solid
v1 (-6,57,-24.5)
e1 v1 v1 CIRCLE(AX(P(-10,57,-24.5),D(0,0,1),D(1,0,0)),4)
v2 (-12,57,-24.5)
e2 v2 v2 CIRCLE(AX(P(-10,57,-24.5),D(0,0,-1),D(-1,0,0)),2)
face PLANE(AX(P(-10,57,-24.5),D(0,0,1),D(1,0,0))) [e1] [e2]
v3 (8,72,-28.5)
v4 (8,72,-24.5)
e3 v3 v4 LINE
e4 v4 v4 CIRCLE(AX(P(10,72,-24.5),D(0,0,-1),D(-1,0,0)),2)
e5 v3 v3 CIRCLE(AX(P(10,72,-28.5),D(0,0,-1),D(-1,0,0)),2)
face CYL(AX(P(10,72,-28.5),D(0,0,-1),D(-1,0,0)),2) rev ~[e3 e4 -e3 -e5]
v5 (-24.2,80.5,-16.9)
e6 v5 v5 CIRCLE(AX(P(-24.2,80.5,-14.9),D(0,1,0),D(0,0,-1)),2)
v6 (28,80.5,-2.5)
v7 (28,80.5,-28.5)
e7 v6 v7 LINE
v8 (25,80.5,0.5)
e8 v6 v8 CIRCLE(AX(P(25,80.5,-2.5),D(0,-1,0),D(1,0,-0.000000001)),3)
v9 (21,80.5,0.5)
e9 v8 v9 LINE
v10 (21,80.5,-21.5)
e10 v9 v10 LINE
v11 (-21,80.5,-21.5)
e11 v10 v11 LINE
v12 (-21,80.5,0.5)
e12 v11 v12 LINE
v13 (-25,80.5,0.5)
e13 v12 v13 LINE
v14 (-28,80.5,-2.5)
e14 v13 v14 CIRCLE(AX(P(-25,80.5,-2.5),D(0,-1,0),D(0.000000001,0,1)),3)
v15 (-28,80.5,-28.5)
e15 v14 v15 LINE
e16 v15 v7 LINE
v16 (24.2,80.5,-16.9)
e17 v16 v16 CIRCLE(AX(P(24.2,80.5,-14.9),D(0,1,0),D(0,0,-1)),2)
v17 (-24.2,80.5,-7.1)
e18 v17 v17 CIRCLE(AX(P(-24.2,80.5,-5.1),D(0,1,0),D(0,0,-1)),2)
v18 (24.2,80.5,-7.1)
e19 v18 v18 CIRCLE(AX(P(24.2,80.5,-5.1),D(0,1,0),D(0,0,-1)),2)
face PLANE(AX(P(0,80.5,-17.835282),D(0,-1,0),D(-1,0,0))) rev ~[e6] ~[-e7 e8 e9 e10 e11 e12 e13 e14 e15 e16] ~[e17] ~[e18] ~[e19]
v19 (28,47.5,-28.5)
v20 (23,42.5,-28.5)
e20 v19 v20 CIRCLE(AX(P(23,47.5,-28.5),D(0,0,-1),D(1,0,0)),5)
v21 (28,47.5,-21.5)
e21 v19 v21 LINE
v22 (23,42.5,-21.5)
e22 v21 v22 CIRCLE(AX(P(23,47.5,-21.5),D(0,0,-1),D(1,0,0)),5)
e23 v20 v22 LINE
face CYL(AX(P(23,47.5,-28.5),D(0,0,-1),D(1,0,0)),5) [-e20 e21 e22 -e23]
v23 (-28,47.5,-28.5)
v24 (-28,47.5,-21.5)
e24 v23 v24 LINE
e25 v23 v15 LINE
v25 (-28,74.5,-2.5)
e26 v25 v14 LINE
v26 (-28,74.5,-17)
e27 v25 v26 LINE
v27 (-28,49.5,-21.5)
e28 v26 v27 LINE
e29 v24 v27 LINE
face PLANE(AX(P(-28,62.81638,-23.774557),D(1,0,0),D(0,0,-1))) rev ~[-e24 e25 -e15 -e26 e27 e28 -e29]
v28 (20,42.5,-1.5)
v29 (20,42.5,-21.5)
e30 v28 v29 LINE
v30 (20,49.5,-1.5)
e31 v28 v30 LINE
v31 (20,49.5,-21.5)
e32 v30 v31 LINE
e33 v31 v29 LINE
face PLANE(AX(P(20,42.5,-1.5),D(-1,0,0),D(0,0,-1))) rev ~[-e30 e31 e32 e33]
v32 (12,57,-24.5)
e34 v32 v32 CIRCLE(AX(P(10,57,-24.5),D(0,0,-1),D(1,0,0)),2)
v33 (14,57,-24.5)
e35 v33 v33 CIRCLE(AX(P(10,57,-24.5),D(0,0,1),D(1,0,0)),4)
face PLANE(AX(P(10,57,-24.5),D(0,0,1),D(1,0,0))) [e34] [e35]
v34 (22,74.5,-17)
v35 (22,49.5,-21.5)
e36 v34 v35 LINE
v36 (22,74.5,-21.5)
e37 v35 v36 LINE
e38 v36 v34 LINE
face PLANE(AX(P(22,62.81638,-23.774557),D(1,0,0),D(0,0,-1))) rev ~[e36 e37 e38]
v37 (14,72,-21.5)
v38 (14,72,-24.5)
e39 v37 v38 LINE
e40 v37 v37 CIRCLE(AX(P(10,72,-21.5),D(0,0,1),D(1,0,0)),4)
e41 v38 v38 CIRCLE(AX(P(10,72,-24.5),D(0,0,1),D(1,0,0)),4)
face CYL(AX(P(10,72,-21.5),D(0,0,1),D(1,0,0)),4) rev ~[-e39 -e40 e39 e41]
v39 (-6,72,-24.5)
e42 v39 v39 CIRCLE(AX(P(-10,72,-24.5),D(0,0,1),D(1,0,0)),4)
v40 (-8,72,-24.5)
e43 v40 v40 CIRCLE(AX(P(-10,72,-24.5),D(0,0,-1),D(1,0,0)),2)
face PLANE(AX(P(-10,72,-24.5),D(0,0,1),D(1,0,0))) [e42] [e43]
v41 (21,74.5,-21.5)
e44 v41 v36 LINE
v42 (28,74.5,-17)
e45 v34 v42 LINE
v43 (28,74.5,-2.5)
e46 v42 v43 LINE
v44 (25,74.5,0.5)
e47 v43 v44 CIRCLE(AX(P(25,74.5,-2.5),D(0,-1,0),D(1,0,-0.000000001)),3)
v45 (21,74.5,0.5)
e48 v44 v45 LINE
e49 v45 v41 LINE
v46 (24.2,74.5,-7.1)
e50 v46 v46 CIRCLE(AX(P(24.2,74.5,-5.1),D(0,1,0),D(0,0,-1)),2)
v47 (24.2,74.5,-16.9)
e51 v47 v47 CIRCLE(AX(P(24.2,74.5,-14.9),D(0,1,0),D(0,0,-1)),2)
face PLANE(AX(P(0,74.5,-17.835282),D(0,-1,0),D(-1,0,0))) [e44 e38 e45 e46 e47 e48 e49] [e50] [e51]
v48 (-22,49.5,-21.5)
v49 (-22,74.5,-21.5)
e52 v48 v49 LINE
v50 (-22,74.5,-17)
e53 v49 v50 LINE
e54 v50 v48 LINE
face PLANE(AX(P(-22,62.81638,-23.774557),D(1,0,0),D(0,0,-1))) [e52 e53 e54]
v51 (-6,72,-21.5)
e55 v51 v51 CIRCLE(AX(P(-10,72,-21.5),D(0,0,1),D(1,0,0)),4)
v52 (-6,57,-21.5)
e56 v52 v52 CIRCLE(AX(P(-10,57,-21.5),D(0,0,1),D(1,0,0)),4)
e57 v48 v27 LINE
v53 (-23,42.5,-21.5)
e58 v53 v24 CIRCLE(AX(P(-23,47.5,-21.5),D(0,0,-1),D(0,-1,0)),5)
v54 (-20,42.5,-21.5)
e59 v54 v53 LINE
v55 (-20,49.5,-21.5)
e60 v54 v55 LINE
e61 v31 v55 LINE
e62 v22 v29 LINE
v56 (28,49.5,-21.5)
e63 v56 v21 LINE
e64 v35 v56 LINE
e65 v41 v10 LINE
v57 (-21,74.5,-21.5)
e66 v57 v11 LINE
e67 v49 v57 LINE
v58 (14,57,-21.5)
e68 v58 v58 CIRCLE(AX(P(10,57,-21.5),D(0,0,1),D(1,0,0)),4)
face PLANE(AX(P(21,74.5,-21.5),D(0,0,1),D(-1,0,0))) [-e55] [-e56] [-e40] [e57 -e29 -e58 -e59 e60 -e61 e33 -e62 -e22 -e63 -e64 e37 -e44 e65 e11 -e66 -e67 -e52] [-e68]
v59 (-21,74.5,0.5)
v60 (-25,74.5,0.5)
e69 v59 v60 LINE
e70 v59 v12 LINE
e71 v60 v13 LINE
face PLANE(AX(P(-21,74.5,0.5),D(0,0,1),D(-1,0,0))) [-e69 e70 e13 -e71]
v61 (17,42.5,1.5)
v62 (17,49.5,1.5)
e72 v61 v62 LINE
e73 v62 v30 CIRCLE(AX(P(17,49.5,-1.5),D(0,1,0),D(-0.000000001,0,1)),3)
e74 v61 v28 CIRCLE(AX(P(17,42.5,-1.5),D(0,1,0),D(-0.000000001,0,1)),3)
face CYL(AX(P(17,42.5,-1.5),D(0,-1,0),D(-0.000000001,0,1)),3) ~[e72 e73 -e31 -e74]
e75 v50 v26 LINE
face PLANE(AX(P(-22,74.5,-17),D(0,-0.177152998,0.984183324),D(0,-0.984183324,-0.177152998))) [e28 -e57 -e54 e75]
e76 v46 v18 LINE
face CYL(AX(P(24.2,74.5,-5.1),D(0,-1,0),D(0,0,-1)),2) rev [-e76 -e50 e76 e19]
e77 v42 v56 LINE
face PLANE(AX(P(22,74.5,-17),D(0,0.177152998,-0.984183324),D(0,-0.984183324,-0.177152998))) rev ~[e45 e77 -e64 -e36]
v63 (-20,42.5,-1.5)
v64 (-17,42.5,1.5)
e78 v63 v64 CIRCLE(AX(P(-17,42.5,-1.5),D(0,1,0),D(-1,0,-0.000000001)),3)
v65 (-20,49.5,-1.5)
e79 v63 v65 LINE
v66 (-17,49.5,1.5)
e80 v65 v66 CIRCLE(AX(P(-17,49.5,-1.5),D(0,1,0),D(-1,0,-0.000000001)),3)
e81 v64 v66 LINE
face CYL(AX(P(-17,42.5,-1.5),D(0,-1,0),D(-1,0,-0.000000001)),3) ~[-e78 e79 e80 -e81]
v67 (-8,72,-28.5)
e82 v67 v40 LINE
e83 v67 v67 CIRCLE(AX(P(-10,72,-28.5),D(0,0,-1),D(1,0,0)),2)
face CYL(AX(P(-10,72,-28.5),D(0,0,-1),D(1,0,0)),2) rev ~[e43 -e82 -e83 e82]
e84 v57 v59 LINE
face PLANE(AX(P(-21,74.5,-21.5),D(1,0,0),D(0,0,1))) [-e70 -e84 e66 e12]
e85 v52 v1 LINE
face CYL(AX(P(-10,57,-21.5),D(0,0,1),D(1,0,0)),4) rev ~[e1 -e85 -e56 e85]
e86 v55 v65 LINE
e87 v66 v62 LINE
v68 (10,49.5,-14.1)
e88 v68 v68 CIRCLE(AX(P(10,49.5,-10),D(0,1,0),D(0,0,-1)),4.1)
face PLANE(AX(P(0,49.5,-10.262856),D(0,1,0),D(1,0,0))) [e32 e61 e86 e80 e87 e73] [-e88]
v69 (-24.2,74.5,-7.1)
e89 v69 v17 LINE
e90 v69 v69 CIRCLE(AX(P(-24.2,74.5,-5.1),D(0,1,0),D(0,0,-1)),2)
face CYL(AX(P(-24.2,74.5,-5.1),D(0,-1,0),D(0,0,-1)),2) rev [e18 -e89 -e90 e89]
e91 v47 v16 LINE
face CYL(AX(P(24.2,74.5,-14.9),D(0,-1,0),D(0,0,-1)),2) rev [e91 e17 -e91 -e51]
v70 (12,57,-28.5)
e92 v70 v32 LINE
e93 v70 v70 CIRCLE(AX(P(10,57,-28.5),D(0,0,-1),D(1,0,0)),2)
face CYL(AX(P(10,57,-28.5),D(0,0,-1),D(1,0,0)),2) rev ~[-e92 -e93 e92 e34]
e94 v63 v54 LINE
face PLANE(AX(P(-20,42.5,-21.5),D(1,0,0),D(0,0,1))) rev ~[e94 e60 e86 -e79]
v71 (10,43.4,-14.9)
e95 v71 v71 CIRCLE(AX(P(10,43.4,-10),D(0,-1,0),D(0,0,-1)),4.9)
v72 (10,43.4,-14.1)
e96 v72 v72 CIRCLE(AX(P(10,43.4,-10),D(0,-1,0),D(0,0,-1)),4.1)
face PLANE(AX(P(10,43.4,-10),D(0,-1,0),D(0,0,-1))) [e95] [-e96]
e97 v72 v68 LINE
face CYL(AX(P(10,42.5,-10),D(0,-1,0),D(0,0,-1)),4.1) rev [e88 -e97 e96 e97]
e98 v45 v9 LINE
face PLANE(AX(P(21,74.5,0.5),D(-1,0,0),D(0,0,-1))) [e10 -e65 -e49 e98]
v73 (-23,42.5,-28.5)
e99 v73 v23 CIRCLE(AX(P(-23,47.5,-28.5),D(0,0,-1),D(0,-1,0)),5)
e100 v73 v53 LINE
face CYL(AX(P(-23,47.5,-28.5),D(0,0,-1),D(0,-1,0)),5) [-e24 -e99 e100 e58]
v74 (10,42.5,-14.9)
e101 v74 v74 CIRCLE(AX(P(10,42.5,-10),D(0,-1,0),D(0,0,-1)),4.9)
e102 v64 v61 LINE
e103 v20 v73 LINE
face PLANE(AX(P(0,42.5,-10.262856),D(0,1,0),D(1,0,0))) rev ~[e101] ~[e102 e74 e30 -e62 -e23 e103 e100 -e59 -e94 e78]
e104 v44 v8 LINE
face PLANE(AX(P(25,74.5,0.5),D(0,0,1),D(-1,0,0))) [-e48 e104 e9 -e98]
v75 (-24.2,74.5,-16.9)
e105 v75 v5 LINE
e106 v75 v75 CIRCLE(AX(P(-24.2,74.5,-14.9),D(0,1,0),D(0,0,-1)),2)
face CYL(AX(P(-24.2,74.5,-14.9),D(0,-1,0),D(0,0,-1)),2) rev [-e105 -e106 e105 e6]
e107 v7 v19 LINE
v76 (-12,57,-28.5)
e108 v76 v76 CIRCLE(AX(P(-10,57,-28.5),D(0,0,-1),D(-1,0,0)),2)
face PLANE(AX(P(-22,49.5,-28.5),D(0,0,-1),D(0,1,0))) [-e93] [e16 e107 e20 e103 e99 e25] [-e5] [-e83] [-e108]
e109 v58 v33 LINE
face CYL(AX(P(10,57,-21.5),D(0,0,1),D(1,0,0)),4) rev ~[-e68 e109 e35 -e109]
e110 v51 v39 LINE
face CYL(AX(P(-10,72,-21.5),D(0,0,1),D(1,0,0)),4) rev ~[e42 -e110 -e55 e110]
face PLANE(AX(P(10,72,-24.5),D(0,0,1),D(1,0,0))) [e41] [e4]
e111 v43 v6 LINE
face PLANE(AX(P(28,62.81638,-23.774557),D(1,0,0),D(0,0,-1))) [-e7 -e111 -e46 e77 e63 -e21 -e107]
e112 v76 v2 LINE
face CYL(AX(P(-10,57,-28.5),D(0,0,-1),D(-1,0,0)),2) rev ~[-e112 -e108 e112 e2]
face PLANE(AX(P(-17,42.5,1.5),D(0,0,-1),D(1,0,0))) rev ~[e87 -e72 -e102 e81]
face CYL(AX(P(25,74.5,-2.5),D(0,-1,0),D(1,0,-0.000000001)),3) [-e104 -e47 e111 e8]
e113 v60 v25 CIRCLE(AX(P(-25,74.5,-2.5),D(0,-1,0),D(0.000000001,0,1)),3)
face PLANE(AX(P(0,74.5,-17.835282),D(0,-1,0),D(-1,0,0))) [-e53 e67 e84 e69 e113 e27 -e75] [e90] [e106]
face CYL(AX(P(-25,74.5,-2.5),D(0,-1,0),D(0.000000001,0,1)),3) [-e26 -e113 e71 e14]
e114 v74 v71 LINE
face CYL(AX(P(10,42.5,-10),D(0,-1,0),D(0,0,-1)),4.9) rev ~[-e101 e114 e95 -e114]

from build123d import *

# Parameters (mm, degrees)
EXTRUDE_START       = 74.5
SKETCH_4_R          = 2
EXTRUDE_1_DEPTH     = 6
SKETCH_5_W          = 40
SKETCH_5_H          = 32
SKETCH_5_R          = 2
EXTRUDE_2_DEPTH     = 7
CUT_EXTRUDE_START   = -21.5
SKETCH_6_R          = 4
CUT_EXTRUDE_1_DEPTH = 3
EXTRUDE_START_2     = 42.5
SKETCH_7_R          = 4.1
EXTRUDE_3_DEPTH     = 7
SKETCH_8_R          = 4.9
CUT_EXTRUDE_2_DEPTH = 0.9
EXTRUDE_START_3     = 2
EXTRUDE_4_DEPTH     = 6
EXTRUDE_5_DEPTH     = 6
SKETCH_13_W         = 30
SKETCH_13_H         = 25
EXTRUDE_6_DEPTH     = 7


with BuildPart() as part:
    # 草图4 → 凸台-拉伸1 (new body)
    with BuildSketch(Plane(origin=(0, 0, 0), x_dir=(1, 0, 0), z_dir=(0, 1, 0)).offset(EXTRUDE_START)):
        with BuildLine():
            Line((-28, 28.5), (28, 28.5))
            Line((28, 28.5), (28, 2.5))
            ThreePointArc((28, 2.5), (27.121320344, 0.378679656), (25, -0.5))
            Line((25, -0.5), (21, -0.5))
            Line((21, -0.5), (21, 21.5))
            Line((21, 21.5), (-21, 21.5))
            Line((-21, 21.5), (-21, -0.5))
            Line((-21, -0.5), (-25, -0.5))
            ThreePointArc((-25, -0.5), (-27.121320344, 0.378679656), (-28, 2.5))
            Line((-28, 2.5), (-28, 28.5))
        make_face()
        with Locations(Location((-24.2, 14.9, 0), (0, 0, 90))):
            Circle(SKETCH_4_R, mode=Mode.SUBTRACT)
        with Locations(Location((-24.2, 5.1, 0), (0, 0, 90))):
            Circle(SKETCH_4_R, mode=Mode.SUBTRACT)
        with Locations(Location((24.2, 14.9, 0), (0, 0, 90))):
            Circle(SKETCH_4_R, mode=Mode.SUBTRACT)
        with Locations(Location((24.2, 5.1, 0), (0, 0, 90))):
            Circle(SKETCH_4_R, mode=Mode.SUBTRACT)
    extrude(amount=EXTRUDE_1_DEPTH)

    # 草图5 → 凸台-拉伸2 (add)
    with BuildSketch(Plane(origin=(0, 0, -28.5), x_dir=(-1, 0, 0), z_dir=(0, 0, -1))):
        with Locations((0, 58.5)):
            Rectangle(SKETCH_5_W, SKETCH_5_H)
        with Locations((-10, 72)):
            Circle(SKETCH_5_R, mode=Mode.SUBTRACT)
        with Locations(Location((10, 72, 0), (0, 0, 180))):
            Circle(SKETCH_5_R, mode=Mode.SUBTRACT)
        with Locations((10, 57)):
            Circle(SKETCH_5_R, mode=Mode.SUBTRACT)
        with Locations(Location((-10, 57, 0), (0, 0, 180))):
            Circle(SKETCH_5_R, mode=Mode.SUBTRACT)
    extrude(amount=-EXTRUDE_2_DEPTH)

    # 草图6 → 切除-拉伸1 (cut)
    with BuildSketch(Plane.XY.offset(CUT_EXTRUDE_START)):
        with Locations((-10, 72)):
            Circle(SKETCH_6_R)
        with Locations((10, 72)):
            Circle(SKETCH_6_R)
        with Locations((-10, 57)):
            Circle(SKETCH_6_R)
        with Locations((10, 57)):
            Circle(SKETCH_6_R)
    extrude(amount=-CUT_EXTRUDE_1_DEPTH, mode=Mode.SUBTRACT)

    # 草图7 → 凸台-拉伸3 (add)
    with BuildSketch(Plane(origin=(0, 0, 0), x_dir=(1, 0, 0), z_dir=(0, 1, 0)).offset(EXTRUDE_START_2)):
        with BuildLine():
            Line((20, 21.5), (-20, 21.5))
            Line((-20, 21.5), (-20, 1.5))
            ThreePointArc((-20, 1.5), (-19.121320344, -0.621320344), (-17, -1.5))
            Line((-17, -1.5), (17, -1.5))
            ThreePointArc((17, -1.5), (19.121320344, -0.621320344), (20, 1.5))
            Line((20, 1.5), (20, 21.5))
        make_face()
        with Locations(Location((10, 10, 0), (0, 0, 90))):
            Circle(SKETCH_7_R, mode=Mode.SUBTRACT)
    extrude(amount=EXTRUDE_3_DEPTH)

    # 草图8 → 切除-拉伸2 (cut)
    with BuildSketch(Plane.XZ.offset(-42.5)):
        with Locations(Location((10, -10, 0), (0, 0, 270))):
            Circle(SKETCH_8_R)
    extrude(amount=-CUT_EXTRUDE_2_DEPTH, mode=Mode.SUBTRACT)

    # 草图10 → 凸台-拉伸4 (add)
    with BuildSketch(Plane(origin=(20, 0, 0), x_dir=(0, 0, -1), z_dir=(1, 0, 0)).offset(EXTRUDE_START_3)):
        Polygon((28.5, 49.5), (28.5, 74.5), (17, 74.5), (21.5, 49.5), align=None)
    extrude(amount=EXTRUDE_4_DEPTH)

    # 草图12 → 凸台-拉伸5 (add)
    with BuildSketch(Plane.ZY.offset(20).offset(EXTRUDE_START_3)):
        Polygon((-21.5, 49.5), (-28.5, 49.5), (-28.5, 74.5), (-17, 74.5), align=None)
    extrude(amount=EXTRUDE_5_DEPTH)

    # 草图13 → 凸台-拉伸6 (add)
    with BuildSketch(Plane(origin=(0, 0, -28.5), x_dir=(-1, 0, 0), z_dir=(0, 0, -1))):
        with BuildLine():
            Line((28, 80.5), (-28, 80.5))
            Line((-28, 80.5), (-28, 47.5))
            ThreePointArc((-28, 47.5), (-26.535533906, 43.964466094), (-23, 42.5))
            Line((-23, 42.5), (23, 42.5))
            ThreePointArc((23, 42.5), (26.535533906, 43.964466094), (28, 47.5))
            Line((28, 47.5), (28, 80.5))
        make_face()
        with Locations((0, 65)):
            Rectangle(SKETCH_13_W, SKETCH_13_H, mode=Mode.SUBTRACT)
    extrude(amount=-EXTRUDE_6_DEPTH)


solid = part.part
